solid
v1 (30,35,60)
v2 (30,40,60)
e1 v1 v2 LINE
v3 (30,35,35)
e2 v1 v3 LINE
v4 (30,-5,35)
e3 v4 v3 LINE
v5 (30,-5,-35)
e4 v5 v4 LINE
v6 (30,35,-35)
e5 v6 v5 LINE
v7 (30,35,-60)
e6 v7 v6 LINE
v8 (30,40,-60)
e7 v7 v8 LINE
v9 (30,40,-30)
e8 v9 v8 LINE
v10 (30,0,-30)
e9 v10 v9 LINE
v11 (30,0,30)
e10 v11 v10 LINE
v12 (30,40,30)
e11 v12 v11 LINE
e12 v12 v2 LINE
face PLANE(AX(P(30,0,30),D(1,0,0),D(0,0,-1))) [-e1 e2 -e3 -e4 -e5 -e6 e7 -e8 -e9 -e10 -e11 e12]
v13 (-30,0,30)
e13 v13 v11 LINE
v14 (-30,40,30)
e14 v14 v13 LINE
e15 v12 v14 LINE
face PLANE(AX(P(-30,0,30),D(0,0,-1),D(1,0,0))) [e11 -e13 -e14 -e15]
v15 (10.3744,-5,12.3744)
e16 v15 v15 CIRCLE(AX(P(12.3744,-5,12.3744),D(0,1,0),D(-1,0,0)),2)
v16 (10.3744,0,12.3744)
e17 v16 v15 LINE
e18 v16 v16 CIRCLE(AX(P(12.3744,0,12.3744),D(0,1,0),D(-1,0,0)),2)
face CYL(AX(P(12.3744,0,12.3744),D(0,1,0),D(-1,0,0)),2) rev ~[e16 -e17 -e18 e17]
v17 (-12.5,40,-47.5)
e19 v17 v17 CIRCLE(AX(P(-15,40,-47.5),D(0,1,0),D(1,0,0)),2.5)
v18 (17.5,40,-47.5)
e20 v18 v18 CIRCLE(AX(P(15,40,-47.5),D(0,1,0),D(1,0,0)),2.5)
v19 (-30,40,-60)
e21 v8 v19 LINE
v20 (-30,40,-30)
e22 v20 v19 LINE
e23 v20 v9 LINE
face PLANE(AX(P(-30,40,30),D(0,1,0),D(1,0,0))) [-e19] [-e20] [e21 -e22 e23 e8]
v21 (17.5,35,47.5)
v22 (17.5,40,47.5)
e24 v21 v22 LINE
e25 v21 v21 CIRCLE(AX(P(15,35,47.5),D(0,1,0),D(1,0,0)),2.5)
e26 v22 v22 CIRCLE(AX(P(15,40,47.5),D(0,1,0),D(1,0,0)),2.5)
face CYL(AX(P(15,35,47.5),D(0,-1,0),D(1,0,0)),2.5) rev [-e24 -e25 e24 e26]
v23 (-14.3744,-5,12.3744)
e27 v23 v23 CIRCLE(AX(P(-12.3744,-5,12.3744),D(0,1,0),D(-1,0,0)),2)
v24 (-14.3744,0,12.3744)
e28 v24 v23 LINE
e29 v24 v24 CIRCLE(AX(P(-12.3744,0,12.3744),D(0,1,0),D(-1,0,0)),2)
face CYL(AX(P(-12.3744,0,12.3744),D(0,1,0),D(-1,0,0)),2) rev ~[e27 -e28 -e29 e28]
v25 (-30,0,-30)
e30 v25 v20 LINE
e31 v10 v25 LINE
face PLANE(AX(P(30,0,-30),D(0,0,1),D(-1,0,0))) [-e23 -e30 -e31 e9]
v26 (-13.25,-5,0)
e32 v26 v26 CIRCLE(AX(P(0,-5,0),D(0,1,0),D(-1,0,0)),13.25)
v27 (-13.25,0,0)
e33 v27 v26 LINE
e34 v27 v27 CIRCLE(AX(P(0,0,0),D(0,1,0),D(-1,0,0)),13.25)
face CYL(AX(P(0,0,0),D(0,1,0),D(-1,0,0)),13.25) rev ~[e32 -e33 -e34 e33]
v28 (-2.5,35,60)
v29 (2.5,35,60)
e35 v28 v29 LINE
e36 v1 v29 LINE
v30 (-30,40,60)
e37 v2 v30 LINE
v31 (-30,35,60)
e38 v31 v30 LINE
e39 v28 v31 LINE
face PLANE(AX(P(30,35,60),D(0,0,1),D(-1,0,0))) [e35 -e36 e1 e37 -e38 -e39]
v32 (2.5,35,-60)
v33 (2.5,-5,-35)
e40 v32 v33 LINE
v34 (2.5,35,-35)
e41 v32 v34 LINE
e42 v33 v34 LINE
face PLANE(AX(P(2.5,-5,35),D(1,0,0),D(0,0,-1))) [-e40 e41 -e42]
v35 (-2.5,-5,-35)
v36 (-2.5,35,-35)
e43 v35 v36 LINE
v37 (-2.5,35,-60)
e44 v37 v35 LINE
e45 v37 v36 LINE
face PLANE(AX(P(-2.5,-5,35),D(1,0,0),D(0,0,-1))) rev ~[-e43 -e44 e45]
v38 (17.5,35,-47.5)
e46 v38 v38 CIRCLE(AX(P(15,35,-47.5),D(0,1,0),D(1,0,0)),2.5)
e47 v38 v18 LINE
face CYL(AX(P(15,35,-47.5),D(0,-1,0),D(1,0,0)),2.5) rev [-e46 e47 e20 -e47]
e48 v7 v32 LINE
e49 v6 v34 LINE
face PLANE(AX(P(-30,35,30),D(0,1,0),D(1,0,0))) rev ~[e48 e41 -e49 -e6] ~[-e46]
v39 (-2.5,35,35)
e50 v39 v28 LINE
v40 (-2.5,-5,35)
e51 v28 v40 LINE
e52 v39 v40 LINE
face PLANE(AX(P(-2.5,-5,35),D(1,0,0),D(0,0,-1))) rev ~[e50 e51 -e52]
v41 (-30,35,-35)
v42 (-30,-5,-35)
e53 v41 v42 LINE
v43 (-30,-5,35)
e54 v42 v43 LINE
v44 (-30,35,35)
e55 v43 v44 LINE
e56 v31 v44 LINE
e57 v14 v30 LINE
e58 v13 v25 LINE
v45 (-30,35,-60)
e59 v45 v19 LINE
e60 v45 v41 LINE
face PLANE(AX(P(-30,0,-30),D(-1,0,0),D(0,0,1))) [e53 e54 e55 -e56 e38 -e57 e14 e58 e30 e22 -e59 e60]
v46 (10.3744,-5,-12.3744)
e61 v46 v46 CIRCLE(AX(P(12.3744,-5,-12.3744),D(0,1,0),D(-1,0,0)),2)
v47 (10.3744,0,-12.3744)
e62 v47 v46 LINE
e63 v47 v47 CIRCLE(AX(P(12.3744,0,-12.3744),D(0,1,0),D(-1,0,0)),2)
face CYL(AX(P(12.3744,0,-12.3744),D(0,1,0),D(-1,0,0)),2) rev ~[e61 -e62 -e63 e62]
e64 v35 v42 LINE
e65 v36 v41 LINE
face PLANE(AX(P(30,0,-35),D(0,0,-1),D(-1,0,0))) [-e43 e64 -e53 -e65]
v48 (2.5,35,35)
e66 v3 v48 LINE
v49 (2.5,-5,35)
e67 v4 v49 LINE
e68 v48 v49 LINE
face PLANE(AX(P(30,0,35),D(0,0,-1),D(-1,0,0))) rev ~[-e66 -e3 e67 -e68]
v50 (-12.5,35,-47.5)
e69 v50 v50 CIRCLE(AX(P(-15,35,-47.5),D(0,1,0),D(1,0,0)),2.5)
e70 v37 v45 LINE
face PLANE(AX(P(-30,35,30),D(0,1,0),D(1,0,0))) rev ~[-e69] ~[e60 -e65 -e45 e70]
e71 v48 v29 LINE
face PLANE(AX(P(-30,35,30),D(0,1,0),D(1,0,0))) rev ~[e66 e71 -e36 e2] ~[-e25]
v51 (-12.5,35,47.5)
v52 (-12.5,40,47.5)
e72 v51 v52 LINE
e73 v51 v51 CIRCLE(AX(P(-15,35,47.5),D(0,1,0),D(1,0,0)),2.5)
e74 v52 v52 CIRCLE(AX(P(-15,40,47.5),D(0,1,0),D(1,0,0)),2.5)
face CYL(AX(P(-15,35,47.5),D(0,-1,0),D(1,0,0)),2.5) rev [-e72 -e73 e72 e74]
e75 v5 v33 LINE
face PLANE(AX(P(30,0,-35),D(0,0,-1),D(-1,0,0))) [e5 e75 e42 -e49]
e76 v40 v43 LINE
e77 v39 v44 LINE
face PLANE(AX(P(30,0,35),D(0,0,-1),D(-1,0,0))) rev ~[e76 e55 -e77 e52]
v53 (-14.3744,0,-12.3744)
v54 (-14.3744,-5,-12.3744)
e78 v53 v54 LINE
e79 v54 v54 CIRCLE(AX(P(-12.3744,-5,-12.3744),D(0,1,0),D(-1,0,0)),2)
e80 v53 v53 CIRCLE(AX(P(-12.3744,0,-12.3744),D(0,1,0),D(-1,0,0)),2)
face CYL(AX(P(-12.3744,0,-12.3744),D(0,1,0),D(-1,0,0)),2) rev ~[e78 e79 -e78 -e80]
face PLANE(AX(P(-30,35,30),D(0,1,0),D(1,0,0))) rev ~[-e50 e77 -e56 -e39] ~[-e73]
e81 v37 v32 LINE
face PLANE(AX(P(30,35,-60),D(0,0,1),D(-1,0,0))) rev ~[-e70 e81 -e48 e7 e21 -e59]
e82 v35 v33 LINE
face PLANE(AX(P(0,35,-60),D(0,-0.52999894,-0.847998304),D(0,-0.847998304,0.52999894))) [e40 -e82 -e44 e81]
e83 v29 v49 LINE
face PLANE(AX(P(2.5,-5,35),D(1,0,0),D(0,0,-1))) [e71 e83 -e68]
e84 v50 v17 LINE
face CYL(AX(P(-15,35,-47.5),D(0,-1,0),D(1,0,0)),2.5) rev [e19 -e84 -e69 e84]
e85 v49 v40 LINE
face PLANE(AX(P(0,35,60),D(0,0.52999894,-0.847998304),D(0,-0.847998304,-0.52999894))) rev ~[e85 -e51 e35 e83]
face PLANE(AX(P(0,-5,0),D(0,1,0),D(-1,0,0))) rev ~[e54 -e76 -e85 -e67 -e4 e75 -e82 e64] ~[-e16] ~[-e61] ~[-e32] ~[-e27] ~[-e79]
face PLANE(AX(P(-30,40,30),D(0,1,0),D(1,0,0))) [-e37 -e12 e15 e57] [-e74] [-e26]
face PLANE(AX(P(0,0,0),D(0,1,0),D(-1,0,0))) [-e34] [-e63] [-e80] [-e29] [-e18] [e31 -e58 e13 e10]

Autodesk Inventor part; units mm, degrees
ref_plane "YZ Plane" through (0, 0, 0) normal (1, 0, 0) x (0, 1, 0)
ref_plane "XZ Plane" through (0, 0, 0) normal (0, 1, 0) x (-1, 0, 0)
sketch "Sketch1" plane through (0, 0, 0) normal (0, 1, 0) x (-1, 0, 0)
  circle A0 centre (0, 0) radius 13.25
  line L0 (0, 0) -> (12.3744, 12.3744) construction
  line L1 (0, 0) -> (17.5, 0) construction
  line L2 (0, 0) -> (-12.3744, -12.3744) construction
  line L3 (0, 0) -> (17.5, 0) construction
  circle A1 centre (-12.3744, -12.3744) radius 2
  circle A2 centre (12.3744, 12.3744) radius 2
  circle A3 centre (12.3744, -12.3744) radius 2
  circle A4 centre (-12.3744, 12.3744) radius 2
  circle A5 centre (0, 0) radius 17.5 construction
  line L4 (30, 30) -> (-30, 30)
  line L5 (-30, 30) -> (-30, -30)
  line L6 (-30, -30) -> (30, -30)
  line L7 (30, -30) -> (30, 30)
  line L8 (30, 30) -> (-30, -30) construction
  line L9 (-30, 30) -> (30, -30) construction
  line L10 (30, -30) -> (-30, -30)
  line L11 (-30, -30) -> (-30, -35)
  line L12 (-30, -35) -> (30, -35)
  line L13 (30, -35) -> (30, -30)
  line L14 (30, 30) -> (-30, 30)
  line L15 (-30, 30) -> (-30, 35)
  line L16 (-30, 35) -> (30, 35)
  line L17 (30, 35) -> (30, 30)
  dimension "d0" = 26.5
  dimension "d1" = 17.5
  dimension "d2" = 45
  dimension "d3" = 17.5
  dimension "d4" = 135
  dimension "d5" = 4
  dimension "d6" = 4
  dimension "d7" = 60
  dimension "d9" = 5
  dimension "d10" = 5
extrude "Extrusion1" add sketch "Sketch1" against normal blind 5
extrude "Extrusion2" add sketch "Sketch1" along normal blind 35 contours L4 L15 L16 L17 | L13 L12 L11 L6
sketch "Sketch4" plane through (-30, 35, 30) normal (0, 1, 0) x (1, 0, 0)
  line L0 (0, 60) -> (0, 0) construction
  line L1 (0, -30) -> (60, -30) construction
  line L2 (30, -17.5) -> (45, -17.5) construction
  line L3 (60, -5) -> (60, -30) construction
  line L4 (30, -17.5) -> (15, -17.5) construction
  circle A0 centre (45, -17.5) radius 2.5
  circle A1 centre (15, -17.5) radius 2.5
  line L5 (60, 0) -> (0, 0) projected
  line L6 (0, 0) -> (0, -30) projected
  line L7 (60, -30) -> (0, -30) projected
  line L8 (60, 0) -> (60, -30) projected
  line L9 (0, 60) -> (60, 60)
  line L10 (60, 60) -> (60, 90)
  line L11 (60, 90) -> (0, 90)
  line L12 (0, 90) -> (0, 60)
  line L13 (60, 0) -> (0, 0) projected
  line L14 (0, 0) -> (60, 0)
  line L15 (60, -5) -> (0, -5) projected
  line L16 (60, -30) -> (0, -30)
  line L17 (0, -30) -> (0, -5)
  line L18 (0, -5) -> (60, -5)
  line L19 (60, -5) -> (60, -30)
  line L20 (60, -30) -> (0, -5) construction
  line L21 (30, -17.5) -> (30, -30) construction
  line L22 (30, 77.5) -> (45, 77.5) construction
  line L23 (30, 77.5) -> (15, 77.5) construction
  circle A2 centre (45, 77.5) radius 2.5
  circle A3 centre (15, 77.5) radius 2.5
  line L24 (60, 65) -> (0, 65)
  line L25 (0, 65) -> (0, 90)
  line L26 (0, 90) -> (60, 90)
  line L27 (60, 90) -> (60, 65)
  line L28 (60, 65) -> (0, 90) construction
  line L29 (30, 77.5) -> (30, 65) construction
  point P0 (30, 30)
  dimension "d19" = 15
  dimension "d20" = 5
  dimension "d28" = 15
  dimension "d29" = 5
extrude "Extrusion4" add sketch "Sketch4" along normal blind 5
ref_plane "Work Plane3" through (0, -5, 35) normal (1, 0, 0) x (0, 0, -1)
sketch "Sketch5" plane through (0, -5, 35) normal (1, 0, 0) x (0, 0, -1)
  line L0 (0, 40) -> (0, 0) projected
  line L1 (0, 0) -> (0, 40)
  line L2 (0, 40) -> (-25, 40)
  line L3 (-25, 45) -> (5, 45) projected
  line L4 (-25, 40) -> (0, 0)
  line L5 (0, 0) -> (70, 0) projected
  line L6 (70, 0) -> (70, 40) projected
  line L7 (70, 0) -> (70, 40)
  line L8 (95, 40) -> (70, 40) projected
  line L9 (70, 40) -> (95, 40)
  line L10 (95, 40) -> (70, 0)
  point P0 (35, 5)
extrude "Extrusion5" add sketch "Sketch5" along normal mid plane 5
properties part number "Base_Motor_Mount"
